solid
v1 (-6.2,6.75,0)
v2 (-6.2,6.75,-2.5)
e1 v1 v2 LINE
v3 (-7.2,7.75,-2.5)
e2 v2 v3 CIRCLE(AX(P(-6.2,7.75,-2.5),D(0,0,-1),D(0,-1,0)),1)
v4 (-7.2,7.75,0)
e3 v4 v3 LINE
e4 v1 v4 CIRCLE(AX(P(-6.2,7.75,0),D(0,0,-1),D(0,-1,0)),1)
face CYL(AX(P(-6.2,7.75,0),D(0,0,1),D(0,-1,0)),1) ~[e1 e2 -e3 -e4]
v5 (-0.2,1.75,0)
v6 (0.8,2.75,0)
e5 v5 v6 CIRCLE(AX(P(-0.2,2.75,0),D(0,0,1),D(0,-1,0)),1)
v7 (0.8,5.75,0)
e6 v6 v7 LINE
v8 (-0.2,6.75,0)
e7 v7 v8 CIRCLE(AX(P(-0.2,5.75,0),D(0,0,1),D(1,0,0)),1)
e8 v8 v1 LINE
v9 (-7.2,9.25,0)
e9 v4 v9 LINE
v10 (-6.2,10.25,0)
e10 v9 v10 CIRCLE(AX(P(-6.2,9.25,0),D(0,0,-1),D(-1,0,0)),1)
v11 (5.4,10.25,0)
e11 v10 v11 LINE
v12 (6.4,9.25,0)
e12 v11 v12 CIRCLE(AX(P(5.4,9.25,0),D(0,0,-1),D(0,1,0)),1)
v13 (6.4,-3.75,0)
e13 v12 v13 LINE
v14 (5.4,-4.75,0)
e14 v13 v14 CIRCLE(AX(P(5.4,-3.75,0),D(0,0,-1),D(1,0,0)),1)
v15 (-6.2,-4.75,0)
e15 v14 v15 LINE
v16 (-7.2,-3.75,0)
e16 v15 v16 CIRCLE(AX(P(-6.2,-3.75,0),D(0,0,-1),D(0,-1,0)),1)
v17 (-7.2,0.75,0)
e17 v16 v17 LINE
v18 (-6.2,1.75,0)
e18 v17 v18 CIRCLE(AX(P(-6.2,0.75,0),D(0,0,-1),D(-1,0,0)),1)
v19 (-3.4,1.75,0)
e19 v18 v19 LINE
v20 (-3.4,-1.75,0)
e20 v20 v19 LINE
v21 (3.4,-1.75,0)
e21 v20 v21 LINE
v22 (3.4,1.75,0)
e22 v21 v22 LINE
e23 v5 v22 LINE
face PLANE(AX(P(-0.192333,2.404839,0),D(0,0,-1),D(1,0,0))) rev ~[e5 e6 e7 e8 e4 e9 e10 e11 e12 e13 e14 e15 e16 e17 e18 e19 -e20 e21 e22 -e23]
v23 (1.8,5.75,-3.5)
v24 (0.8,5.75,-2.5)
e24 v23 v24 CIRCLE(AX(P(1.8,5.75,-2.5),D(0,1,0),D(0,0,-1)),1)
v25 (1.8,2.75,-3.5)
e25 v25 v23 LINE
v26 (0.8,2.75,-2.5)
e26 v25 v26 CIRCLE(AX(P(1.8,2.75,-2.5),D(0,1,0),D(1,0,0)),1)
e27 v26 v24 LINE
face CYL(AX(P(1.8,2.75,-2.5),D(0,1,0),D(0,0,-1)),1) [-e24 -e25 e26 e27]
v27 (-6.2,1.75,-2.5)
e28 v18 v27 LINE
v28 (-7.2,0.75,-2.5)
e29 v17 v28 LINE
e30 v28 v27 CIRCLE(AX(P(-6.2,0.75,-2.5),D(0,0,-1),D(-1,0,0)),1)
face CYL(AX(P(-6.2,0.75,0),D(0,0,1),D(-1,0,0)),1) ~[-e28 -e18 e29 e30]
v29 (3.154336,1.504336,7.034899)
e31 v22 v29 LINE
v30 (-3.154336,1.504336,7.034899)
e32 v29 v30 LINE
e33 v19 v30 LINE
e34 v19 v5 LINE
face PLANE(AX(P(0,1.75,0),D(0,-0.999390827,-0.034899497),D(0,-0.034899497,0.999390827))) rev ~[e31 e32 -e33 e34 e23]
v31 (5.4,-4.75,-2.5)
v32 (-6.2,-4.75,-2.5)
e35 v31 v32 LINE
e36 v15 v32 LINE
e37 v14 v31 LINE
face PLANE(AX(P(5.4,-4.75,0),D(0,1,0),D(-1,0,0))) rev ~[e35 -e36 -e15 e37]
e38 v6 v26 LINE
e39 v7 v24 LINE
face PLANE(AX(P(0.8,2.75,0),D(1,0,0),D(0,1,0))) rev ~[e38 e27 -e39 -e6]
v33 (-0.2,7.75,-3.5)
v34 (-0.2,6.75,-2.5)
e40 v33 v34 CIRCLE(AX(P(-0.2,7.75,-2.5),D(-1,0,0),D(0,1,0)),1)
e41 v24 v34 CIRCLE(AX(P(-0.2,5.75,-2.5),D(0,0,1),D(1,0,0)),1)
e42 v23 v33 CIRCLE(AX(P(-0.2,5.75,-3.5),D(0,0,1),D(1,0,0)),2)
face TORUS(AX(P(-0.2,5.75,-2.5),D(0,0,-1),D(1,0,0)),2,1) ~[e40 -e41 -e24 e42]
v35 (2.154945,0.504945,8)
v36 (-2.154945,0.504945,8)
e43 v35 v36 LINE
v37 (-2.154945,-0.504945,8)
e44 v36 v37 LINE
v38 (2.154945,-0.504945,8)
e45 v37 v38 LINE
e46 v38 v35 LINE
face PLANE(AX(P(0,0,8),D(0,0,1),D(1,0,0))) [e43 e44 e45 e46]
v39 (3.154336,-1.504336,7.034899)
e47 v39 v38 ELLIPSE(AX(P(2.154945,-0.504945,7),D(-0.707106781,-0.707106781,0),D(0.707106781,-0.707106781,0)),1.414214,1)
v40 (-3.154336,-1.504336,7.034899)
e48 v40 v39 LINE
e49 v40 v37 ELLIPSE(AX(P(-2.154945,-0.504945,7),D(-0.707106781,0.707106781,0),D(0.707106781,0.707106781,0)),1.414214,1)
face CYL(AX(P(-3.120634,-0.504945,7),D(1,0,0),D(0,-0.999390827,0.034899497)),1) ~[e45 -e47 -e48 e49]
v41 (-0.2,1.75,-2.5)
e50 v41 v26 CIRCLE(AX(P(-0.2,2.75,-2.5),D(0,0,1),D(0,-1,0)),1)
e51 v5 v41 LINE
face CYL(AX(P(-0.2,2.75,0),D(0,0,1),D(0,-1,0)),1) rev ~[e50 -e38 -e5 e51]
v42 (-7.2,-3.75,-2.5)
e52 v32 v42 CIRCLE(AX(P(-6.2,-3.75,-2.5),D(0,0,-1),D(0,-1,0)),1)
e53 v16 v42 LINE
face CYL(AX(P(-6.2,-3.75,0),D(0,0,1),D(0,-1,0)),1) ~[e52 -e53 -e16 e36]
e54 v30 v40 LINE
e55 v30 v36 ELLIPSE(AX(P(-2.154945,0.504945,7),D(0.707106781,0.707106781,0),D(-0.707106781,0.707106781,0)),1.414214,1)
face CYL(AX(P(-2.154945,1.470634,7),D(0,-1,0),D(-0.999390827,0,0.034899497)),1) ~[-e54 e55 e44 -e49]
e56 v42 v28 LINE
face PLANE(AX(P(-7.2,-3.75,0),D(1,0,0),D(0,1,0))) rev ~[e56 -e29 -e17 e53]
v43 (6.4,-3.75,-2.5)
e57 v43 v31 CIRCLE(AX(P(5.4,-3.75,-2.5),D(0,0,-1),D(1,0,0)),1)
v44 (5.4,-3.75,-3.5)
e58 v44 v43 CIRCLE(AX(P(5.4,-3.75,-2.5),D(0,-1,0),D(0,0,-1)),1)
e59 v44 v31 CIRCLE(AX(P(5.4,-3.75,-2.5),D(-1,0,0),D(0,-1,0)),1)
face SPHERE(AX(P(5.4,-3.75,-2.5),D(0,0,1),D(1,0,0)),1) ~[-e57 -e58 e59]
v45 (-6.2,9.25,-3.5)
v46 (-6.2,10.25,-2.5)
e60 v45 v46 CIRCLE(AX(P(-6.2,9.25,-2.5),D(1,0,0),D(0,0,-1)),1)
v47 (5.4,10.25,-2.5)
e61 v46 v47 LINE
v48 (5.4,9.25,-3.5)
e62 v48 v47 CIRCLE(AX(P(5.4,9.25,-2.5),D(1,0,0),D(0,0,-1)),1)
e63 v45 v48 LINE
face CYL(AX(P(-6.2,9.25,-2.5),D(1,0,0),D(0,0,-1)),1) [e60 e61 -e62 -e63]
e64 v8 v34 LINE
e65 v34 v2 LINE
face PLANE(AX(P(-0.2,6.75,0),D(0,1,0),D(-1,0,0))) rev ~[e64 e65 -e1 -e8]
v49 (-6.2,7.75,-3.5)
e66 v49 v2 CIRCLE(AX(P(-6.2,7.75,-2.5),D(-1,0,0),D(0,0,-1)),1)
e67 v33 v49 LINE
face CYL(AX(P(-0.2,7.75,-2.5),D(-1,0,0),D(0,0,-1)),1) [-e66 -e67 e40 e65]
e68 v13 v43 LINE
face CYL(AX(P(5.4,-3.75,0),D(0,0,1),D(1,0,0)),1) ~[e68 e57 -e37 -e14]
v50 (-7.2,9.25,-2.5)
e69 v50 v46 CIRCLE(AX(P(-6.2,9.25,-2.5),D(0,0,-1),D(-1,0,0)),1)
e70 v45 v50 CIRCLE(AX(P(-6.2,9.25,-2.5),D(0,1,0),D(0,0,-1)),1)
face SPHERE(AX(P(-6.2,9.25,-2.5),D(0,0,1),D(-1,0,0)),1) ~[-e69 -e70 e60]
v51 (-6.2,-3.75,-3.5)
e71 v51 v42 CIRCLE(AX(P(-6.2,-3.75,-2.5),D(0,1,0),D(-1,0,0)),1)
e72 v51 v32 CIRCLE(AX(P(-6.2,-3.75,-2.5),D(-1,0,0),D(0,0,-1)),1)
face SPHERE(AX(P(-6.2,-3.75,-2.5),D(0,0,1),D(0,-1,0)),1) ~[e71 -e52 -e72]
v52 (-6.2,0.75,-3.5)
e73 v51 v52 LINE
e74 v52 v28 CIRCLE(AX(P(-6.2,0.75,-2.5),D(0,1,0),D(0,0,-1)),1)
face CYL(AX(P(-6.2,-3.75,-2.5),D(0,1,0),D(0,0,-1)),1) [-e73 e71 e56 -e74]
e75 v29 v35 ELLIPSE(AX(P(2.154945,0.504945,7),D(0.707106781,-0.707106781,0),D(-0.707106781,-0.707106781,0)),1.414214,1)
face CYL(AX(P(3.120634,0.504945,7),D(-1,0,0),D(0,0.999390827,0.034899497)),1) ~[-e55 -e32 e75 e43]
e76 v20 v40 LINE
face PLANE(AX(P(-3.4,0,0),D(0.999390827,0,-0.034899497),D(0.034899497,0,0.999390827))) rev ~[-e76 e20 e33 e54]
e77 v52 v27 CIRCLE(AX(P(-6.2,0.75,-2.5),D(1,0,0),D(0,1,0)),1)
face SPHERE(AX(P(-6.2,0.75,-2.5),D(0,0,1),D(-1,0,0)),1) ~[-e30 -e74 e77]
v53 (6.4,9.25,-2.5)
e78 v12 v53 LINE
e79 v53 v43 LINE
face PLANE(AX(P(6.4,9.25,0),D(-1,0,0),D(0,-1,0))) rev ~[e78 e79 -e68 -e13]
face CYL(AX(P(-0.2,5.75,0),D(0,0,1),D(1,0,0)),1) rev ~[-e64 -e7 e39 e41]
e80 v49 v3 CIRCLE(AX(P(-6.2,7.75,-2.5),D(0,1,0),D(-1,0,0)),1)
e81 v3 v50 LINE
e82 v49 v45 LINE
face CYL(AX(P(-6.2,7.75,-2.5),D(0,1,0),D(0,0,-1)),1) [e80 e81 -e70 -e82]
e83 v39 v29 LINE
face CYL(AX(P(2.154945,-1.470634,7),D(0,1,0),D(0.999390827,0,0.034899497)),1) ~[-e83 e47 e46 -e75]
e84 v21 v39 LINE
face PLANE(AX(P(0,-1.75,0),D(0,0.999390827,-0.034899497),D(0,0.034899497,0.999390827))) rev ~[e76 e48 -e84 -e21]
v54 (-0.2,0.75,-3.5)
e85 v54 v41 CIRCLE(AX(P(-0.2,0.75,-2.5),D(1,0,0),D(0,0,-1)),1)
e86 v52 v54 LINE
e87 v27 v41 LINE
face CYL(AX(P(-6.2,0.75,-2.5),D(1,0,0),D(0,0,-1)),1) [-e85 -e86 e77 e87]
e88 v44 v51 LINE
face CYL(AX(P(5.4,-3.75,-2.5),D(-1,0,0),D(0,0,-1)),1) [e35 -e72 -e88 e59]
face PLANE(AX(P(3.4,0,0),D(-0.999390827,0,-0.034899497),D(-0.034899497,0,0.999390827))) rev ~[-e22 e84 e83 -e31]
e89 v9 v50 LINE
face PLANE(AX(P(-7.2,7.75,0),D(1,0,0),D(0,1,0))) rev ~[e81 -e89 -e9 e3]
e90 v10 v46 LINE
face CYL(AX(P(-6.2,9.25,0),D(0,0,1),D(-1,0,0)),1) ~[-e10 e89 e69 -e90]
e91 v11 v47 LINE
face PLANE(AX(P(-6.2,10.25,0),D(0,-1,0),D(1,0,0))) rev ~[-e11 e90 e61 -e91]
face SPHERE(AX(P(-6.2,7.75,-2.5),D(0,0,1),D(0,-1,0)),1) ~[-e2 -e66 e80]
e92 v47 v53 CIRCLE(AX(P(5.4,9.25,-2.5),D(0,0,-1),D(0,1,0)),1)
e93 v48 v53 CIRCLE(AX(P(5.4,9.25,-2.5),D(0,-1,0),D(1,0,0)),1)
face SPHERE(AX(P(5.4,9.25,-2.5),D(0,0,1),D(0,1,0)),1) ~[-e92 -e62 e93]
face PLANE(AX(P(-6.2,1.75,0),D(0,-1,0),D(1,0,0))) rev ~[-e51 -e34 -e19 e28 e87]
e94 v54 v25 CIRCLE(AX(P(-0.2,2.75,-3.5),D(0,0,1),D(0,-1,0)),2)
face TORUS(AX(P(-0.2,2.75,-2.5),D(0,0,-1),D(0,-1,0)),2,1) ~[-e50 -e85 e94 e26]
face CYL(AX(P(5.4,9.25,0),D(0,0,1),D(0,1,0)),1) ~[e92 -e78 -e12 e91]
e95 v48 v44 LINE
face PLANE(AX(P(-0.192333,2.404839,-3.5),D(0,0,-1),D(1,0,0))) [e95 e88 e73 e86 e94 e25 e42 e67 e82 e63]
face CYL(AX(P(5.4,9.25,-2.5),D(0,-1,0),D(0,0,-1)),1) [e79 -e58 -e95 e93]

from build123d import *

# Parameters (mm, degrees)
F0_W     = 6.8
F0_H     = 3.5
F1_DEPTH = 8
F1_TAPER = 2
F3_DEPTH = 3.5
F4_R     = 1


with BuildPart() as f1:
    # F0 (on Top) → F1 (new body)
    with BuildSketch(Plane.XY):
        Rectangle(F0_W, F0_H)
    extrude(amount=F1_DEPTH, taper=F1_TAPER)

    # F2 (on face) → F3 (join)
    with BuildSketch(Plane(origin=(0, 0, 0), x_dir=(1, 0, 0), z_dir=(0, 0, -1))):
        with BuildLine():
            Line((3.4, -1.75), (-0.2, -1.75))
            ThreePointArc((-0.2, -1.75), (0.5071067812, -2.0428932188), (0.8, -2.75))
            Line((0.8, -2.75), (0.8, -5.75))
            ThreePointArc((0.8, -5.75), (0.5071067812, -6.4571067812), (-0.2, -6.75))
            Line((-0.2, -6.75), (-3.4, -6.75))
            Line((-3.4, -6.75), (-6.2, -6.75))
            ThreePointArc((-6.2, -6.75), (-6.9071067812, -7.0428932188), (-7.2, -7.75))
            Line((-7.2, -7.75), (-7.2, -9.25))
            ThreePointArc((-7.2, -9.25), (-6.9071067812, -9.9571067812), (-6.2, -10.25))
            Line((-6.2, -10.25), (-3.6740736105, -10.25))
            Line((-3.6740736105, -10.25), (-3.4, -10.25))
            Line((-3.4, -10.25), (5.4, -10.25))
            ThreePointArc((5.4, -10.25), (6.1071067812, -9.9571067812), (6.4, -9.25))
            Line((6.4, -9.25), (6.4, -4.75))
            Line((6.4, -4.75), (6.4, 3.75))
            ThreePointArc((6.4, 3.75), (6.1071067812, 4.4571067812), (5.4, 4.75))
            Line((5.4, 4.75), (-3.4, 4.75))
            Line((-3.4, 4.75), (-6.2, 4.75))
            ThreePointArc((-6.2, 4.75), (-6.9071067812, 4.4571067812), (-7.2, 3.75))
            Line((-7.2, 3.75), (-7.2, -0.75))
            ThreePointArc((-7.2, -0.75), (-6.9071067812, -1.4571067812), (-6.2, -1.75))
            Line((-6.2, -1.75), (-3.4, -1.75))
            Line((-3.4, -1.75), (-3.4, 1.75))
            Line((-3.4, 1.75), (3.4, 1.75))
            Line((3.4, 1.75), (3.4, -1.75))
        make_face()
        Polygon((-3.4, -1.75), (-0.2, -1.75), (3.4, -1.75), (3.4, 1.75), (-3.4, 1.75), align=None)
    extrude(amount=F3_DEPTH)

    # F4
    f4_edges = [f1.edges().sort_by_distance(p)[0] for p in [
        (-0.4, 10.25, -3.5),
        (0, 1.470634, 8),
        (0, -1.470634, 8),
        (-3.120634, 0, 8),
        (3.120634, 0, 8),
    ]]
    fillet(f4_edges, radius=F4_R)


solid = f1.part
